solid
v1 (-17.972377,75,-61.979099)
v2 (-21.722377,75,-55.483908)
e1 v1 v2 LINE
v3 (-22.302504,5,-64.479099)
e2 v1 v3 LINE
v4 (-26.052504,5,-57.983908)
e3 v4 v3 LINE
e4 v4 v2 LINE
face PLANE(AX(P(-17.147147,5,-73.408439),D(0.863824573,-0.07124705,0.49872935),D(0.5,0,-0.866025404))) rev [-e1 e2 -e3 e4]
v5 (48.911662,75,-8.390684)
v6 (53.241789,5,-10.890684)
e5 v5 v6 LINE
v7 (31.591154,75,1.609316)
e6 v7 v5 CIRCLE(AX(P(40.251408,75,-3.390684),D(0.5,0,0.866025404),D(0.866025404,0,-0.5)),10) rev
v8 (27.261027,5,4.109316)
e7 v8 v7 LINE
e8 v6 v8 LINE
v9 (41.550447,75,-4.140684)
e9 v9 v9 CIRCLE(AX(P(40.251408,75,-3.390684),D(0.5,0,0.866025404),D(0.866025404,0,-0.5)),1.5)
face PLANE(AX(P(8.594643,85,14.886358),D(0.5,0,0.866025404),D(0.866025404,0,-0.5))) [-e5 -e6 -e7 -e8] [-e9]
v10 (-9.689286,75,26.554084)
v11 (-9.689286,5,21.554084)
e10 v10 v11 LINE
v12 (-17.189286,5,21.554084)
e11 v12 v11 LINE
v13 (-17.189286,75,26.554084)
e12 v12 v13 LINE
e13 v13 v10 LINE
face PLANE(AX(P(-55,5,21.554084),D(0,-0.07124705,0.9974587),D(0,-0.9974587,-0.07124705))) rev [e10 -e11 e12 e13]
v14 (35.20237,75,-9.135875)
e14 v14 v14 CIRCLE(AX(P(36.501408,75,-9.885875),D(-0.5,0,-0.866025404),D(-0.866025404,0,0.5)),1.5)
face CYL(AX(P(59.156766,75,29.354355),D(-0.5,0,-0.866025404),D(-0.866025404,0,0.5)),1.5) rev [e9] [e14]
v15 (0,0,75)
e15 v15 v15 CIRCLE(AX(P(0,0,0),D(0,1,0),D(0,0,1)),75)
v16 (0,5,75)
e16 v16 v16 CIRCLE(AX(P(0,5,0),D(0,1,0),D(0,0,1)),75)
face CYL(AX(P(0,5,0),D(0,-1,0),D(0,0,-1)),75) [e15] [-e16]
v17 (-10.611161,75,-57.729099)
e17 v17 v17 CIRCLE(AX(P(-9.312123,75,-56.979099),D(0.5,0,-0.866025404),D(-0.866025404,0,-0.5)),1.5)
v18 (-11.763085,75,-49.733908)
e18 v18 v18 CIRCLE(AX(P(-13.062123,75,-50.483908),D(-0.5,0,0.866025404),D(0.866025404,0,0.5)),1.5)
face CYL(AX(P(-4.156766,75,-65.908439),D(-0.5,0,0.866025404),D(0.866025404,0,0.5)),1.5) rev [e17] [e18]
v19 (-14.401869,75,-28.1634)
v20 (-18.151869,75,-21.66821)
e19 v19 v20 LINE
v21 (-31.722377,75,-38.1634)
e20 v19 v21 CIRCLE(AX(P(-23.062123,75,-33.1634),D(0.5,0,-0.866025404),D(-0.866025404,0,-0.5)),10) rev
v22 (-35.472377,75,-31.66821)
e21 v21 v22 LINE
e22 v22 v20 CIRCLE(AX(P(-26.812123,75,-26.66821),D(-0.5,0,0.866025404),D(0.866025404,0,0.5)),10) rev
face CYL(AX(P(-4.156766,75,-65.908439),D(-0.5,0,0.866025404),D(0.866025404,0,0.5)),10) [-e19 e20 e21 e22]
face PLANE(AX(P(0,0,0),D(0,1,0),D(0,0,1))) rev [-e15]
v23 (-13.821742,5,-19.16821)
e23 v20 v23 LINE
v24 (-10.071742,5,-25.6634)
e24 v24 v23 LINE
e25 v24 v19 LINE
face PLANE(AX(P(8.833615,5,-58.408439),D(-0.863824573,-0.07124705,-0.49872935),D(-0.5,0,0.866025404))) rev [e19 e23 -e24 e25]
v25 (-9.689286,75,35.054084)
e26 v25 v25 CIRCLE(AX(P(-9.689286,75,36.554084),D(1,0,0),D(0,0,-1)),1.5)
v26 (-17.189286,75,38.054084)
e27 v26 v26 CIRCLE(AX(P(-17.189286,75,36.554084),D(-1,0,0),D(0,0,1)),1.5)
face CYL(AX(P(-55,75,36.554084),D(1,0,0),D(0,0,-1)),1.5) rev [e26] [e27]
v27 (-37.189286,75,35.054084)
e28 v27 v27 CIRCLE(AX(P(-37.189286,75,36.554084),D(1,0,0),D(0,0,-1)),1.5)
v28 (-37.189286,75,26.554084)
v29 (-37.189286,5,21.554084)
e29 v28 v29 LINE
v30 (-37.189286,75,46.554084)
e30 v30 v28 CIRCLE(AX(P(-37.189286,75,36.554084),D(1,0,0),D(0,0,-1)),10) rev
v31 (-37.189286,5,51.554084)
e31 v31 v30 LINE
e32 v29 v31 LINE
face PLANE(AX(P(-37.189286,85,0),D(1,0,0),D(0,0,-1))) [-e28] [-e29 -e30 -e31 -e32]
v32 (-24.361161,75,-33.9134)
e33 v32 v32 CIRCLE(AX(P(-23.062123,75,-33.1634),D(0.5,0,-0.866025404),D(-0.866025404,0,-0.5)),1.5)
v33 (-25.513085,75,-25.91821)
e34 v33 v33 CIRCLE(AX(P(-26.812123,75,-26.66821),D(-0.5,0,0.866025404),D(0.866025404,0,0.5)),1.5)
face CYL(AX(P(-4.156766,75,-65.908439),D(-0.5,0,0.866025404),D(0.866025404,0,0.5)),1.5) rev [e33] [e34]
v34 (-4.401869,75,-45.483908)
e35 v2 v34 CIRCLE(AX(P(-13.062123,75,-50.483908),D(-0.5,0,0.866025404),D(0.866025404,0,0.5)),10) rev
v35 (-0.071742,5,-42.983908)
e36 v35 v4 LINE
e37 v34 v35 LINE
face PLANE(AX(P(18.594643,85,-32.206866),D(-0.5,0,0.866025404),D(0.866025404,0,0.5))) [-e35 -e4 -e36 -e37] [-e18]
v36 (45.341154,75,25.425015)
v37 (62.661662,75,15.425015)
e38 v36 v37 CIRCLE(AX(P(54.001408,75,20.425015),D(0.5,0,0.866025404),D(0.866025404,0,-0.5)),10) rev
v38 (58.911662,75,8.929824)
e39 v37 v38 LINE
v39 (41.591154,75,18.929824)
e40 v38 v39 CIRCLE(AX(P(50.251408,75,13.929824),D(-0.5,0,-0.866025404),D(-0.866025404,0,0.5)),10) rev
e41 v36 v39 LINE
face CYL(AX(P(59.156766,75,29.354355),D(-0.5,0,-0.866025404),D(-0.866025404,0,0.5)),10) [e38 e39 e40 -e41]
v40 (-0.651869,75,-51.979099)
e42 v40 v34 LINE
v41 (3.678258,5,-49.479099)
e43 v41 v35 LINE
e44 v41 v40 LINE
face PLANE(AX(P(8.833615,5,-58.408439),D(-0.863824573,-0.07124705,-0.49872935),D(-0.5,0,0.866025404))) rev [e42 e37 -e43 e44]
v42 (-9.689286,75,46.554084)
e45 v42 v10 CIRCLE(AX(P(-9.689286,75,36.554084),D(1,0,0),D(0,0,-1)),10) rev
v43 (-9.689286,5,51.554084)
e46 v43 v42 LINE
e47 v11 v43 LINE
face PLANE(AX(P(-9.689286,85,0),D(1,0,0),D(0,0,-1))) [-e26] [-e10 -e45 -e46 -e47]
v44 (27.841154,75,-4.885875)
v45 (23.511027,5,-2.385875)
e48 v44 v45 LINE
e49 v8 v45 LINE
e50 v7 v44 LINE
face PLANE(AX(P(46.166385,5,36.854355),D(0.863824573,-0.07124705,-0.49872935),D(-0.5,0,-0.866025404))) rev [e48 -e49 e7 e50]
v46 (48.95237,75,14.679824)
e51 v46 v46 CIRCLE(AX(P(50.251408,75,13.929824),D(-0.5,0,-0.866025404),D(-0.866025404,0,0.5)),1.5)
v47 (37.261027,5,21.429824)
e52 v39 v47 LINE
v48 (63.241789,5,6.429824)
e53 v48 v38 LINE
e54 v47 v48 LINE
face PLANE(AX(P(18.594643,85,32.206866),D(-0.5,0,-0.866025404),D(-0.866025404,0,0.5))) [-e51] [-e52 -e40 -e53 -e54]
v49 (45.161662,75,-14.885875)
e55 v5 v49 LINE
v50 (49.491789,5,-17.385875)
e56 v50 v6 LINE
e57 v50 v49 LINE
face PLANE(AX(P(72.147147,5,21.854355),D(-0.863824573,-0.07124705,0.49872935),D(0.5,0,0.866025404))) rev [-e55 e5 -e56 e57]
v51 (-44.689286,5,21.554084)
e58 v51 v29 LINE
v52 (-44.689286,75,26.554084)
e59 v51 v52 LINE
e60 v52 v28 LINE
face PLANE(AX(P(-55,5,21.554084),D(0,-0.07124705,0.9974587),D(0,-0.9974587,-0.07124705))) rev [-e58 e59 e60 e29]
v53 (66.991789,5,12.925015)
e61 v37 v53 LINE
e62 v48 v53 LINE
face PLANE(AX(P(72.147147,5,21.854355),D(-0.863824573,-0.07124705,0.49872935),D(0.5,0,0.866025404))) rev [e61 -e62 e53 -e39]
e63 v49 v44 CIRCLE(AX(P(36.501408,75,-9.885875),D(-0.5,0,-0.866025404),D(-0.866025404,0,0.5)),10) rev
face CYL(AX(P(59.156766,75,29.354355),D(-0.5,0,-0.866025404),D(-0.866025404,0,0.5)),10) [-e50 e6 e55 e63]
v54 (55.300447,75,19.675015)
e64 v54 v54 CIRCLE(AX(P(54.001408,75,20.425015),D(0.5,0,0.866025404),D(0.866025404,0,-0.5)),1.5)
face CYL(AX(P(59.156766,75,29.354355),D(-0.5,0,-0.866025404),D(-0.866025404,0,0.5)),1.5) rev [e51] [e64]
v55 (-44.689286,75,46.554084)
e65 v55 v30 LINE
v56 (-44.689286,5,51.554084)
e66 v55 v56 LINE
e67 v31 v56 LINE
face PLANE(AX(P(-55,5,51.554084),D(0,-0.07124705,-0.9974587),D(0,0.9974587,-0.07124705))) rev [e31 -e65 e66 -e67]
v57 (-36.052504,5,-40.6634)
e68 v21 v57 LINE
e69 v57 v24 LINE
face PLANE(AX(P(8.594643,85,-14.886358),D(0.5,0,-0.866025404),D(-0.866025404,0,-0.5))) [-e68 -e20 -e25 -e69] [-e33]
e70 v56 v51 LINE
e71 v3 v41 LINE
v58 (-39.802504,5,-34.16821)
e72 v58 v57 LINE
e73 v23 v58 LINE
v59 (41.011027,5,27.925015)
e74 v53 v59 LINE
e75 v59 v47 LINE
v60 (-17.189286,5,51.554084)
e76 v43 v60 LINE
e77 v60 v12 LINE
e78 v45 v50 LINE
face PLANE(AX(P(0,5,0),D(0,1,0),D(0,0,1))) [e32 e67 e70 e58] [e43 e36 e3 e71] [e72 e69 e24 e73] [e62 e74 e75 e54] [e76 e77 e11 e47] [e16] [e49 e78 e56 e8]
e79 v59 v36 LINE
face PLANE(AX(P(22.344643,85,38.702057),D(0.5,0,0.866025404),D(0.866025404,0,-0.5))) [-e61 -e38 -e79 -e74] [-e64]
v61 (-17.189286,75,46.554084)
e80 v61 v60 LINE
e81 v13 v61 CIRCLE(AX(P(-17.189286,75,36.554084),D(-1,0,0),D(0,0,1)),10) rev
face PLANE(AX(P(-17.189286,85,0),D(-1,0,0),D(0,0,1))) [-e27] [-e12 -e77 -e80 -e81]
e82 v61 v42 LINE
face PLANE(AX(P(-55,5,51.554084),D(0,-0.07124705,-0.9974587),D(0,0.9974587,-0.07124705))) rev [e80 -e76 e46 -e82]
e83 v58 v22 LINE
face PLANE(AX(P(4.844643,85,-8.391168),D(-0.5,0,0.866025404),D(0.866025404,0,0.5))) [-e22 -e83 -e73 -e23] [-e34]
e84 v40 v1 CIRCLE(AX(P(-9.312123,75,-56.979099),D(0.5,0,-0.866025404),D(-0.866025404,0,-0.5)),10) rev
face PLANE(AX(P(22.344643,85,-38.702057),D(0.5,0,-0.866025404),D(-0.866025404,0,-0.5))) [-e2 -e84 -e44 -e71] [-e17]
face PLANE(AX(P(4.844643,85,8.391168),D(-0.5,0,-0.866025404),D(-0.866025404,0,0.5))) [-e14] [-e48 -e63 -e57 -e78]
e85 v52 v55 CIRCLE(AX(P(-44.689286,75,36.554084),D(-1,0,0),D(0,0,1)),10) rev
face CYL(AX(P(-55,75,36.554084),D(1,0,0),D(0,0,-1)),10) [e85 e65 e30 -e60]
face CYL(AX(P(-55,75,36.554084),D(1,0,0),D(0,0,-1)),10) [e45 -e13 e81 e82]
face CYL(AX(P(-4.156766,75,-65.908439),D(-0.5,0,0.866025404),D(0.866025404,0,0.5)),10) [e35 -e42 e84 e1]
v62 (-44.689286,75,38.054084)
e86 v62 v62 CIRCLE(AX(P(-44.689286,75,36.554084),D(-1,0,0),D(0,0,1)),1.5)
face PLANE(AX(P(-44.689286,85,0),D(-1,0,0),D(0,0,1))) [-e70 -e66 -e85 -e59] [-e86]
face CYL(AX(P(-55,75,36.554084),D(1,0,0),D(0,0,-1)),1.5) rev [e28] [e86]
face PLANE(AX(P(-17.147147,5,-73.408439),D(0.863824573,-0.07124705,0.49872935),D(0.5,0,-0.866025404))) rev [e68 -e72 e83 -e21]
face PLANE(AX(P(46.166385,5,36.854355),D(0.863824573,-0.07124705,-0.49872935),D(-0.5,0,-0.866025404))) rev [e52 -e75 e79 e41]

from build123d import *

# Parameters (mm, degrees)
SKETCH2_R          = 75
EXTRUDE1_DEPTH     = 5
EXTRUDE3_START     = 5
SKETCH1_W          = 7.5
SKETCH1_H          = 30
EXTRUDE3_DEPTH     = 80
SKETCH3_R          = 1.5
CUT_EXTRUDE1_DEPTH = 55
CIRPATTERN1_COUNT  = 3


with BuildPart() as part:
    # Sketch2 → Extrude1 (new body)
    with BuildSketch(Plane(origin=(0, 0, 0), x_dir=(1, 0, 0), z_dir=(0, 1, 0))):
        with Locations(Location((0, 0, 0), (0, 0, 270))):
            Circle(SKETCH2_R)
    extrude(amount=EXTRUDE1_DEPTH)

    # Sketch1 → Extrude3 (add)
    with BuildSketch(Plane(origin=(0, 0, 0), x_dir=(1, 0, 0), z_dir=(0, 1, 0)).offset(EXTRUDE3_START)):
        with Locations((-13.439285714, -36.554084254)):
            Rectangle(SKETCH1_W, SKETCH1_H)
        with Locations((-40.939285714, -36.554084254)):
            Rectangle(SKETCH1_W, SKETCH1_H)
    extrude3 = extrude(amount=EXTRUDE3_DEPTH)

    # Sketch3 → Cut-Extrude1 (cut)
    with BuildSketch(Plane(origin=(0, 0, 0), x_dir=(0, 0, -1), z_dir=(1, 0, 0))):
        with Locations((-36.554084254, 75)):
            Circle(SKETCH3_R)
        with BuildLine():
            Line((-51.554084254, 5), (-52.554084254, 6))
            Line((-52.554084254, 6), (-52.554084254, 86))
            Line((-52.554084254, 86), (-20.554084254, 86))
            Line((-20.554084254, 86), (-20.554084254, 6))
            Line((-20.554084254, 6), (-21.554084254, 5))
            Line((-21.554084254, 5), (-26.554084254, 75))
            ThreePointArc((-26.554084254, 75), (-36.554084254, 85), (-46.554084254, 75))
            Line((-46.554084254, 75), (-51.554084254, 5))
        make_face()
    cut_extrude1 = extrude(amount=-CUT_EXTRUDE1_DEPTH, mode=Mode.SUBTRACT)

    # CirPattern1: Extrude3, Cut-Extrude1 ×3 about axis
    cirpattern1_axis = Axis((0, 0, 0), (0, 1, 0))
    add([extrude3.rotate(cirpattern1_axis, i * 360 / CIRPATTERN1_COUNT) for i in range(1, CIRPATTERN1_COUNT)])
    add([cut_extrude1.rotate(cirpattern1_axis, i * 360 / CIRPATTERN1_COUNT) for i in range(1, CIRPATTERN1_COUNT)], mode=Mode.SUBTRACT)


solid = part.part
